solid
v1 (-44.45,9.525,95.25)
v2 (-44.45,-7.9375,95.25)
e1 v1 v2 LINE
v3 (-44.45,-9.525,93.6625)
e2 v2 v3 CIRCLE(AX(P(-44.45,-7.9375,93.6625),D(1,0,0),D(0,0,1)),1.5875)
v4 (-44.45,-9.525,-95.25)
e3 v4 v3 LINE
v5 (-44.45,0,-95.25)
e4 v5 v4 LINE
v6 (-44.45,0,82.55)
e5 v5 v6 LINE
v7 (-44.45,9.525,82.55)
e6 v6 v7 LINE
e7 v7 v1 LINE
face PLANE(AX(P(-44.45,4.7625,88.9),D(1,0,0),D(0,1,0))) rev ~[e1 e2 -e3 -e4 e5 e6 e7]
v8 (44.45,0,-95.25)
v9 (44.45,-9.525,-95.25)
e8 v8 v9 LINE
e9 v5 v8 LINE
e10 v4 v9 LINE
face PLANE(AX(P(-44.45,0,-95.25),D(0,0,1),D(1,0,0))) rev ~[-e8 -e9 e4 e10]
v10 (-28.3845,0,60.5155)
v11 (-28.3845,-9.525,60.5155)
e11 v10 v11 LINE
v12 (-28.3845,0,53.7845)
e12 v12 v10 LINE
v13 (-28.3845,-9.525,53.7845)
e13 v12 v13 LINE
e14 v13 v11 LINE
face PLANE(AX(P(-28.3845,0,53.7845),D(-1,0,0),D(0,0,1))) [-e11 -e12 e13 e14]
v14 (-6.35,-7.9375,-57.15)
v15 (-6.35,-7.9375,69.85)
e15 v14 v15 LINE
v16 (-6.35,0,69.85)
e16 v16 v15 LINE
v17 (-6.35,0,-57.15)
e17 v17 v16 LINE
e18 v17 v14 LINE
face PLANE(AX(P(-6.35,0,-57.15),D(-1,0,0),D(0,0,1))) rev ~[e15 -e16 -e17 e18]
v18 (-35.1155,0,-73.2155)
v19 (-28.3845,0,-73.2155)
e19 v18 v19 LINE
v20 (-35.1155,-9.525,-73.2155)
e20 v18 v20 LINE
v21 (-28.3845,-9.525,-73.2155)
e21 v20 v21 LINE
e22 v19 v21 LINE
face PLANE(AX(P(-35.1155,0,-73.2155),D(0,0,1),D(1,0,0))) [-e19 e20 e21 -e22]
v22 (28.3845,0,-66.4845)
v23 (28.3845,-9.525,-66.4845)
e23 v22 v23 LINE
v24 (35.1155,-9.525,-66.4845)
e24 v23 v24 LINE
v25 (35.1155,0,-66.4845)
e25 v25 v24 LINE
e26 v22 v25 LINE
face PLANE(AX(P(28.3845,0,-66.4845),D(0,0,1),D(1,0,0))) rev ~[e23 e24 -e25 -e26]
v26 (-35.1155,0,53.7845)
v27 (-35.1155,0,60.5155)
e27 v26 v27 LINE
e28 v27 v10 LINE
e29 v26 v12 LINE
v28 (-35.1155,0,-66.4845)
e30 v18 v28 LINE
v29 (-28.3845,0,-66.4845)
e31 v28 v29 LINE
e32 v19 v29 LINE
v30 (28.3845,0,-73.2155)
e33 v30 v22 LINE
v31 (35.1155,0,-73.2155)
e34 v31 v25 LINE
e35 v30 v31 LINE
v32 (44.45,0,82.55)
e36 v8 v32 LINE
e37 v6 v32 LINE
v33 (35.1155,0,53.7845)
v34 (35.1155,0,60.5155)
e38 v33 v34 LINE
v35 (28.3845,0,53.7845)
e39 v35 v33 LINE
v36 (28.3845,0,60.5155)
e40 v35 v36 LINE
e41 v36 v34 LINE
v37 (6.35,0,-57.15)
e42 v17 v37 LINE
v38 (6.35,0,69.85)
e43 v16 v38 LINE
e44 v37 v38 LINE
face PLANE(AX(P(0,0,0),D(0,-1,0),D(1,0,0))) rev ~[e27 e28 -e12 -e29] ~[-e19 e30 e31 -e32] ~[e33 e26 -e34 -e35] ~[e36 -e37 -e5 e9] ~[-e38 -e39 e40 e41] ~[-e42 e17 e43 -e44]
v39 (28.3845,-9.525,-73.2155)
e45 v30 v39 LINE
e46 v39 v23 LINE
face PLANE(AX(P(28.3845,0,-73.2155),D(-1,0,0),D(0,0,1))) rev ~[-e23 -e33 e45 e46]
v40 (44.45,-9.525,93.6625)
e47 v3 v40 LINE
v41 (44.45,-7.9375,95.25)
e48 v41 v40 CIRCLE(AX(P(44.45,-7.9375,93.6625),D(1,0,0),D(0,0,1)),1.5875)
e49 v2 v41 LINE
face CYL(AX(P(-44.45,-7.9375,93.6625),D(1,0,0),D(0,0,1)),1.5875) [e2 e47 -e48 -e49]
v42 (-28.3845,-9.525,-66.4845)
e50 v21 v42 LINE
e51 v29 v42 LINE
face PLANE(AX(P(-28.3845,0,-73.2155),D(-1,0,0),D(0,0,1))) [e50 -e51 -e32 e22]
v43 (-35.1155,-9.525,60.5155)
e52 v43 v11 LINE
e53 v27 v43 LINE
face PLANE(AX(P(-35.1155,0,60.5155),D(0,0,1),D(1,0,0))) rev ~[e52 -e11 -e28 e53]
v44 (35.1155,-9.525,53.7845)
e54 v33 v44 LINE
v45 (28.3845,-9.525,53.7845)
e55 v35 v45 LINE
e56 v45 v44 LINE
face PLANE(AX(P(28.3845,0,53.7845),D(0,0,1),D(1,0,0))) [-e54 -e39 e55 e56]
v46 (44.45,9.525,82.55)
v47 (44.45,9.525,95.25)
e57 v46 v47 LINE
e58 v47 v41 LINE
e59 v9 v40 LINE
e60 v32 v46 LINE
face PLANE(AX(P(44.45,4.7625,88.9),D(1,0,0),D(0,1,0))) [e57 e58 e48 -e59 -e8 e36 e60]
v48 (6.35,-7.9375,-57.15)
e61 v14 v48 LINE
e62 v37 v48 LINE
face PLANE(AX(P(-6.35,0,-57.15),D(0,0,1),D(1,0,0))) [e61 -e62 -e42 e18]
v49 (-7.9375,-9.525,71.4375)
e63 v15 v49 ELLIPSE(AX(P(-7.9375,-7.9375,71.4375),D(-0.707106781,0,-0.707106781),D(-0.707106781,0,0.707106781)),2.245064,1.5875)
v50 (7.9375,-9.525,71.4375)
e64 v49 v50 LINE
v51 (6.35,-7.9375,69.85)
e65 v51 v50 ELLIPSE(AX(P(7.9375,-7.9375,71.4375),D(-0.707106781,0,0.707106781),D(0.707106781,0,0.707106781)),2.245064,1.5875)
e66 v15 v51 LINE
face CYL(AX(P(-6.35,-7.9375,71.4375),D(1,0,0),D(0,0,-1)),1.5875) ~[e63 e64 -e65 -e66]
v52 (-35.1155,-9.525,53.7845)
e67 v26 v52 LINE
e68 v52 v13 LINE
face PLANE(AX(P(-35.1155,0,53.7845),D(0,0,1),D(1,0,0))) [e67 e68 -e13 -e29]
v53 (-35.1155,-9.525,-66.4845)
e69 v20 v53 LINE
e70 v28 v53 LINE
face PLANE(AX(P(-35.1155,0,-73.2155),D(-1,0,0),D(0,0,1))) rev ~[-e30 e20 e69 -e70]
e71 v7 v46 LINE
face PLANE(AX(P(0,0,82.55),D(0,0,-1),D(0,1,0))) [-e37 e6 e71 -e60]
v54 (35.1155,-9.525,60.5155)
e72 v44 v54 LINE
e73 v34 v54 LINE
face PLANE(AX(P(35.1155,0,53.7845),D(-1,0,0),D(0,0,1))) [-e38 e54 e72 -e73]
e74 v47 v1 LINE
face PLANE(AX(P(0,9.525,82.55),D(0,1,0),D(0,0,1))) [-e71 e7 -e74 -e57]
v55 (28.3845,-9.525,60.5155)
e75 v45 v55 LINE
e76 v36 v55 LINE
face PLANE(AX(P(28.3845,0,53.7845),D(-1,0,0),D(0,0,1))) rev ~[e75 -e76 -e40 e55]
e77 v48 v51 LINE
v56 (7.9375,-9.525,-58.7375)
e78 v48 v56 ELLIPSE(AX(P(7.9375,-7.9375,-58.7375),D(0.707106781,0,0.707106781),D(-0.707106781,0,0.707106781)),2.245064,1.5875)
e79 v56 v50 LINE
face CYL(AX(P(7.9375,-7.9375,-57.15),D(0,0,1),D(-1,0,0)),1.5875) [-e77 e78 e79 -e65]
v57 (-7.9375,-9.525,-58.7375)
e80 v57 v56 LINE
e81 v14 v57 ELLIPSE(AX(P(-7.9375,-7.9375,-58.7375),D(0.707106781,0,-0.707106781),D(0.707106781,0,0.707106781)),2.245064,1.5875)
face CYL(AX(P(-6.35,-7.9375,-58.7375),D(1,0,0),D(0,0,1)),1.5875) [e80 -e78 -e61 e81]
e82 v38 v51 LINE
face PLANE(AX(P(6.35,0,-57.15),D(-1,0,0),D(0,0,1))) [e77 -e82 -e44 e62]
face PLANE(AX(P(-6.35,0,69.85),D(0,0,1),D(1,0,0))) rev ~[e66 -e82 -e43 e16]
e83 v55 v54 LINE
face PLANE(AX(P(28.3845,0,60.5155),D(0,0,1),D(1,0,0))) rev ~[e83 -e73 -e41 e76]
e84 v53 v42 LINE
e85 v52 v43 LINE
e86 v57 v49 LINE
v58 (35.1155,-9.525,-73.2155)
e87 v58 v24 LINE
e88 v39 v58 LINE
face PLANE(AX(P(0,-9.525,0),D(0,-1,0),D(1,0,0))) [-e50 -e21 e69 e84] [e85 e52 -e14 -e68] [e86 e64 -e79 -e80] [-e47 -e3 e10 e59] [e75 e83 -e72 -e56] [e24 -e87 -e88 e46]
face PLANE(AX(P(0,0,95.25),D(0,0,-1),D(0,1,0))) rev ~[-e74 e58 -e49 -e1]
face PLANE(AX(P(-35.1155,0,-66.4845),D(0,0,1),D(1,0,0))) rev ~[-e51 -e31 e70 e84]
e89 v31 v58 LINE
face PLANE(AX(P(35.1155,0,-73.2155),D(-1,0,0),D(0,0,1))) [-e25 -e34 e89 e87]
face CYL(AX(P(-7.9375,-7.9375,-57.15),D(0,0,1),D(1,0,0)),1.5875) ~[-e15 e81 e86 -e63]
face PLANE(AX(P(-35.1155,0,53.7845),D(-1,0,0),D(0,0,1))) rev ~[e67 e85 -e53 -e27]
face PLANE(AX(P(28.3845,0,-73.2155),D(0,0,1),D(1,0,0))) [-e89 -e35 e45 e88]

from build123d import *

# Parameters (mm, degrees)
F0_W     = 88.9
F0_H     = 190.5
F0_W_2   = 6.731
F0_H_2   = 6.731
F0_W_3   = 12.7
F0_H_3   = 127
F1_DEPTH = 9.525
F2_R     = 1.5875
F3_W     = 9.525
F3_H     = 12.7
F4_DEPTH = 44.45


with BuildPart() as f1:
    # F0 (on Front) → F1 (new body)
    with BuildSketch(Plane.XZ):
        Rectangle(F0_W, F0_H)
        with Locations((-31.75, -69.85)):
            Rectangle(F0_W_2, F0_H_2, mode=Mode.SUBTRACT)
        with Locations((31.75, -69.85)):
            Rectangle(F0_W_2, F0_H_2, mode=Mode.SUBTRACT)
        with Locations((-31.75, 57.15)):
            Rectangle(F0_W_2, F0_H_2, mode=Mode.SUBTRACT)
        with Locations((0, 6.35)):
            Rectangle(F0_W_3, F0_H_3, mode=Mode.SUBTRACT)
        with Locations((31.75, 57.15)):
            Rectangle(F0_W_2, F0_H_2, mode=Mode.SUBTRACT)
    extrude(amount=F1_DEPTH)

    # F2
    f2_edges = [f1.edges().sort_by_distance(p)[0] for p in [
        (0, -9.525, 95.25),
        (-6.35, -9.525, 6.35),
        (6.35, -9.525, 6.35),
        (0, -9.525, 69.85),
        (0, -9.525, -57.15),
    ]]
    fillet(f2_edges, radius=F2_R)

    # F3 (on Right) → F4 (join, symmetric)
    with BuildSketch(Plane.YZ):
        with Locations((4.7625, 88.9)):
            Rectangle(F3_W, F3_H)
    extrude(amount=F4_DEPTH, both=True)


solid = f1.part
